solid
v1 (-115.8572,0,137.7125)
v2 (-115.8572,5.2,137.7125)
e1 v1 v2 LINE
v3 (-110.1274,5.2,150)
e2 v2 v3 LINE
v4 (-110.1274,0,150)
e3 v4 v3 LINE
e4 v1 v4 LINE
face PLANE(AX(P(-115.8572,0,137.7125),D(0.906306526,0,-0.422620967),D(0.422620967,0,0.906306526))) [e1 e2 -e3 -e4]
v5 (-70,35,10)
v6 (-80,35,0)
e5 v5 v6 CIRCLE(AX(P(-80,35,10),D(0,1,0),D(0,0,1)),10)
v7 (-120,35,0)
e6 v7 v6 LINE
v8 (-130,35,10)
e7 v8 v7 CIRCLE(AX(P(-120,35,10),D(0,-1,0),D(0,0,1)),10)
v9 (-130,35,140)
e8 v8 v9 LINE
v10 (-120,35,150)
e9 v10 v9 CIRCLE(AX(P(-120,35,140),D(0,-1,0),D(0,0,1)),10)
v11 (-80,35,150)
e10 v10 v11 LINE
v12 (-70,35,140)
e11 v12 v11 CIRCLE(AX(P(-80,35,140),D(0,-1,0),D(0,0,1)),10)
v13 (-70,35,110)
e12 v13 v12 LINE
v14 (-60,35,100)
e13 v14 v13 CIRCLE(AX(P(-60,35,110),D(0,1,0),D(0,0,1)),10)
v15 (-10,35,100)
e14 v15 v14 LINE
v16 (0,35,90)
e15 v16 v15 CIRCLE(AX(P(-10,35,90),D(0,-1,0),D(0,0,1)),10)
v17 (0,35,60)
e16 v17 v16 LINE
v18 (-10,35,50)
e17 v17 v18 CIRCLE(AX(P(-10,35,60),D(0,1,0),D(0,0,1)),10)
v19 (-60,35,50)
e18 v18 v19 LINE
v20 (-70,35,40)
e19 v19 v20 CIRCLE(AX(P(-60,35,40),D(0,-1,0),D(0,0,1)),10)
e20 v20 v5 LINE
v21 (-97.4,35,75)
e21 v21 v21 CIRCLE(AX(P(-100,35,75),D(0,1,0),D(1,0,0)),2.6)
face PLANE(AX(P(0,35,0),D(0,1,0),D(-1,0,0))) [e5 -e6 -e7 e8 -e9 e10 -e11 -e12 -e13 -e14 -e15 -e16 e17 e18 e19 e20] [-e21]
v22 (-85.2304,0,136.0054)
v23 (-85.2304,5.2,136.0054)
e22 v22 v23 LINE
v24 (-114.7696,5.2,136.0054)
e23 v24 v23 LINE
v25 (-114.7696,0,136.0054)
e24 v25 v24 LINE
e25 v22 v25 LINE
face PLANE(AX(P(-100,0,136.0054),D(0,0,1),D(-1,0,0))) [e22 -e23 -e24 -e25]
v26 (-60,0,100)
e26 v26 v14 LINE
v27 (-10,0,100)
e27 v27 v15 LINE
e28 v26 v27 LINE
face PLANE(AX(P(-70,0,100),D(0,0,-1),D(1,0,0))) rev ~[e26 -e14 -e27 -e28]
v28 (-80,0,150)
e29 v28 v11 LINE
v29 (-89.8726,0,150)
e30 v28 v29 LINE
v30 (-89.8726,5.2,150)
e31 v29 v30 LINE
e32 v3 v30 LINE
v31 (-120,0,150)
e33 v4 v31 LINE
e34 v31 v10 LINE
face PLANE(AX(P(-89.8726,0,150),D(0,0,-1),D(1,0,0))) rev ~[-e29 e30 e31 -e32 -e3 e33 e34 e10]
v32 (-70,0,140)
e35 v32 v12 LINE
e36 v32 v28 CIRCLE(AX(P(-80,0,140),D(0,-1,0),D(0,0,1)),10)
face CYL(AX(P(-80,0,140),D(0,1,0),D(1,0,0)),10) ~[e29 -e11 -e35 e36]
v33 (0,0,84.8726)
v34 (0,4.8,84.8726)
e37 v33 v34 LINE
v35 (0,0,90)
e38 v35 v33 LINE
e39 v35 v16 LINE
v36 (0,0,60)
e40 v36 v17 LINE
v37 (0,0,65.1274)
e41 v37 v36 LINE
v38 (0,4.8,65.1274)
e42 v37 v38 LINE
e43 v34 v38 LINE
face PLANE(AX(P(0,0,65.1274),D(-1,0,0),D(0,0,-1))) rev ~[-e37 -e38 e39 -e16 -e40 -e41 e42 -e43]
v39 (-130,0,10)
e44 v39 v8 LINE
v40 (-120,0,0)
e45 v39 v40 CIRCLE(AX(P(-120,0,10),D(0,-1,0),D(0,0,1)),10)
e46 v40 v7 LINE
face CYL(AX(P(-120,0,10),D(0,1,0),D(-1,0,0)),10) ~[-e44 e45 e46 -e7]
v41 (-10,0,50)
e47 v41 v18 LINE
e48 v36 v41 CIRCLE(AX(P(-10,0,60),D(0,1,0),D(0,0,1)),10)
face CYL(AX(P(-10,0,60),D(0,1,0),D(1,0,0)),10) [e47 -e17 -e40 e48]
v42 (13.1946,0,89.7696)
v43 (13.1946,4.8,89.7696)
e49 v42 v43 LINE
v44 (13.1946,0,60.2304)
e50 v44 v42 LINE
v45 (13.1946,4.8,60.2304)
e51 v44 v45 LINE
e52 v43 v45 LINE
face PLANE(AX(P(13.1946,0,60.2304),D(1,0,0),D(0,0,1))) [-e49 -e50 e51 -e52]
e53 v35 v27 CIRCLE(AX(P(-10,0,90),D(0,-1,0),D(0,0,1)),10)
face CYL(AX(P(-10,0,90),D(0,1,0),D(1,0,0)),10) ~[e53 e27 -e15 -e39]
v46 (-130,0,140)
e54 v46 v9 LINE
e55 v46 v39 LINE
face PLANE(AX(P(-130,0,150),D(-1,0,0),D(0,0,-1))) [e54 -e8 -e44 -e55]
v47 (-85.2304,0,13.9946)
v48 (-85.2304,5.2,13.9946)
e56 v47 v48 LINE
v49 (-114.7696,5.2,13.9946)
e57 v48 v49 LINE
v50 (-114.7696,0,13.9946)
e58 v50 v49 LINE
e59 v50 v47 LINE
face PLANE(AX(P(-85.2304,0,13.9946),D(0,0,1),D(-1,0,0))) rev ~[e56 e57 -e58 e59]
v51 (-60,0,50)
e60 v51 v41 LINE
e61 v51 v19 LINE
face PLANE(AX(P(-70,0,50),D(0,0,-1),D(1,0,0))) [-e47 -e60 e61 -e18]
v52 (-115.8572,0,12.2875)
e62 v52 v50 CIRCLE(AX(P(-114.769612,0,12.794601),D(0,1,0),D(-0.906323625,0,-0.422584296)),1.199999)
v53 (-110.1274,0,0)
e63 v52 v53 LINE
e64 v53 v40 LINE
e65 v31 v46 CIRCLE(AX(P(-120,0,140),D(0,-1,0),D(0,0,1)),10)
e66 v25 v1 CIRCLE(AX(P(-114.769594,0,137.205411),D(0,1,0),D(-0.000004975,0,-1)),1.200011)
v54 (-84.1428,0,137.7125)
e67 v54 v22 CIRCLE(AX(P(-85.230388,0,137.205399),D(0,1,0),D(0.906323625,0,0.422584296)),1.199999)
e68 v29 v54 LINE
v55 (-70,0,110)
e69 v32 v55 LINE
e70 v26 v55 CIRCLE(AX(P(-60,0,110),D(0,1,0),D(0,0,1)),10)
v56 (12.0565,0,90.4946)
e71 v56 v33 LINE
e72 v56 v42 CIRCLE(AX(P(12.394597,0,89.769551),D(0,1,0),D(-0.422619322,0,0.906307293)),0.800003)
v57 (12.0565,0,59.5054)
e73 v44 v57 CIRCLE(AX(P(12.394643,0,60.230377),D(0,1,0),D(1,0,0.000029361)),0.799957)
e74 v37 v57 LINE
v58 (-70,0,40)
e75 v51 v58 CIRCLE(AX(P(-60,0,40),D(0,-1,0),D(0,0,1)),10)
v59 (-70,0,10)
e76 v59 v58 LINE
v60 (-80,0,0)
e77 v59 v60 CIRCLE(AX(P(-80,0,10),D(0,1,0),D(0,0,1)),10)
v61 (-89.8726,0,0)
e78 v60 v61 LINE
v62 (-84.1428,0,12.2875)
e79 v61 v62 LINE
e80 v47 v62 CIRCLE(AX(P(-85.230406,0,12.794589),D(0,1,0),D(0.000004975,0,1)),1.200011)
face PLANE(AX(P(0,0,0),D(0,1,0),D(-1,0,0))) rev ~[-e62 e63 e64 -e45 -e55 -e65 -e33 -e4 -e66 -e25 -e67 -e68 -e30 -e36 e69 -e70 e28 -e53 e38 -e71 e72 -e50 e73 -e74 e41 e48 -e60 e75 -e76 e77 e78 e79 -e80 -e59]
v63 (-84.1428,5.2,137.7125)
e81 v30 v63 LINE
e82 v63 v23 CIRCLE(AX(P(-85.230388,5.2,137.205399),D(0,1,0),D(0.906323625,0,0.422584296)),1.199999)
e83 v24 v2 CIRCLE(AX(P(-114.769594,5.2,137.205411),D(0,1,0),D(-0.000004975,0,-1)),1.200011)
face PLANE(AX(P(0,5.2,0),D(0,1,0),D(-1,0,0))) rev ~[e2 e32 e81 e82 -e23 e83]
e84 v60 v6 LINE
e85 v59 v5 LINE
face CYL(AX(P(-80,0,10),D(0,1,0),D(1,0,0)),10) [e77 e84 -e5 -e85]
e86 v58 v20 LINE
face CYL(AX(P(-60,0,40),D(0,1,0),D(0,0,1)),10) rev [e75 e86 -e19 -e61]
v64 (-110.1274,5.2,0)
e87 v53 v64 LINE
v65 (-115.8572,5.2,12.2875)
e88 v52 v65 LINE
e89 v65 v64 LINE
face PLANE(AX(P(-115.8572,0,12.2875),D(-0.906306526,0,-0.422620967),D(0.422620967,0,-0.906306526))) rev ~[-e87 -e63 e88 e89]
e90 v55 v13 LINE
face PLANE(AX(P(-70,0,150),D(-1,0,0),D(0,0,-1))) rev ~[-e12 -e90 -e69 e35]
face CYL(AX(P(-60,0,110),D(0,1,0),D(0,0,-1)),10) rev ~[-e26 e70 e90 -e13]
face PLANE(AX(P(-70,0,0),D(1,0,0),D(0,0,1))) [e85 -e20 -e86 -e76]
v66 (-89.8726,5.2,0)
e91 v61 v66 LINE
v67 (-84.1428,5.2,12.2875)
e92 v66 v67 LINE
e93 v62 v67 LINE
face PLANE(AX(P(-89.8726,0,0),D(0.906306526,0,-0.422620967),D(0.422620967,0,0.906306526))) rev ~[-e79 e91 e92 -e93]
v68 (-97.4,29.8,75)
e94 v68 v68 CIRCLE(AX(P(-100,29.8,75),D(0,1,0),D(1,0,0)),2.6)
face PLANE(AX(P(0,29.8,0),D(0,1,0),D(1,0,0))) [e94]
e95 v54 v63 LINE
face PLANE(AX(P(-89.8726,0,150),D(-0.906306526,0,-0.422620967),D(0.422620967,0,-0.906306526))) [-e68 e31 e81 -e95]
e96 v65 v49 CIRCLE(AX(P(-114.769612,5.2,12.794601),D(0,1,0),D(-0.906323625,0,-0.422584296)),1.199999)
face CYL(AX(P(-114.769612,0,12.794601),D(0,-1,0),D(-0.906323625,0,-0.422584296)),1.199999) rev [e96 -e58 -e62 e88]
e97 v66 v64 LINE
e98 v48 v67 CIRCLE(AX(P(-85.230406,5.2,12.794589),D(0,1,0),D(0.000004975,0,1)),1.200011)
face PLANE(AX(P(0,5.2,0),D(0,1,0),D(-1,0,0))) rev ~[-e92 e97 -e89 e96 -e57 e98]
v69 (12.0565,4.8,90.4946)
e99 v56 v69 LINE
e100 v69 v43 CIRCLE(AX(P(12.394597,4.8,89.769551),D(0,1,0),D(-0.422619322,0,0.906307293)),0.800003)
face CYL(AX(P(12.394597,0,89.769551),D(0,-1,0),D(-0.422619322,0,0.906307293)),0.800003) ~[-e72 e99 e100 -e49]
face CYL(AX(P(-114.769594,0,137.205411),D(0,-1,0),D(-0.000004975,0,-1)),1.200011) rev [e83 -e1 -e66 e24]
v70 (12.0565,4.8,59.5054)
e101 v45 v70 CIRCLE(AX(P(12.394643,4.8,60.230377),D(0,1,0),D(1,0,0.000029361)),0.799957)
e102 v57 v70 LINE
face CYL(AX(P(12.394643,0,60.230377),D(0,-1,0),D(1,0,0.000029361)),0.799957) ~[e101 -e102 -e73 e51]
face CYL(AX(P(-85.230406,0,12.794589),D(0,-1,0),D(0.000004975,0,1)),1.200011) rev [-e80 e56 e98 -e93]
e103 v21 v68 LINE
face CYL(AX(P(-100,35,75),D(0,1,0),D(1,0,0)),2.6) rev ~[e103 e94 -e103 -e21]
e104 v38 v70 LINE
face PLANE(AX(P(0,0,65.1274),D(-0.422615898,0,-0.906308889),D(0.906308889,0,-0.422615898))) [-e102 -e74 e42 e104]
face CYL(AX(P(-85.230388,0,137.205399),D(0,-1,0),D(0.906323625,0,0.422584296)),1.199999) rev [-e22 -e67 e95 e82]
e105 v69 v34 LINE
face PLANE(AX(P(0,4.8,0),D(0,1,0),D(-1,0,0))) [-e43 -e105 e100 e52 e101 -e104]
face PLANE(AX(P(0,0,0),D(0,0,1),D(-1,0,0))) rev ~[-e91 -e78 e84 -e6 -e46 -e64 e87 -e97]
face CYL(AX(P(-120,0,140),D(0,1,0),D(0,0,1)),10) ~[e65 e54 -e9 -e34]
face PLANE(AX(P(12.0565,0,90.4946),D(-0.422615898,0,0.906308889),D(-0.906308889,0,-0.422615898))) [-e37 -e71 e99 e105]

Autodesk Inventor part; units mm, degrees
ref_plane "YZ Plane" through (0, 0, 0) normal (1, 0, 0) x (0, 1, 0)
ref_plane "XZ Plane" through (0, 0, 0) normal (0, 1, 0) x (-1, 0, 0)
ref_plane "XY Plane" through (0, 0, 0) normal (0, 0, 1) x (1, 0, 0)
sketch "Sketch1" plane through (0, 0, 0) normal (0, 1, 0) x (-1, 0, 0)
  line L0 (0, 0) -> (200, 0)
  line L1 (200, 0) -> (200, 150)
  line L2 (200, 150) -> (0, 150)
  line L3 (0, 150) -> (0, 0)
  line L4 (110.1274, 0) -> (89.8726, 0)
  line L5 (85.2304, 13.9946) -> (100, 13.9946)
  line L6 (89.8726, 0) -> (84.1428, 12.2875)
  arc A0 (85.2304, 13.9946) -> (84.1428, 12.2875) centre (85.2304, 12.7946) ccw
  line L7 (100, 13.9946) -> (114.7696, 13.9946)
  line L8 (110, 0.2) -> (110, 13.6303) construction
  arc A1 (115.8572, 12.2875) -> (114.7696, 13.9946) centre (114.7696, 12.7946) ccw
  line L9 (115.8572, 12.2875) -> (110.1274, 0)
  arc A2 (114.7696, 136.0054) -> (115.8572, 137.7125) centre (114.7696, 137.2054) ccw
  line L10 (100, 136.0054) -> (114.7696, 136.0054)
  line L11 (115.8572, 137.7125) -> (110.1274, 150)
  line L12 (110, 149.8) -> (110, 136.3697) construction
  line L13 (85.2304, 136.0054) -> (100, 136.0054)
  arc A3 (84.1428, 137.7125) -> (85.2304, 136.0054) centre (85.2304, 137.2054) ccw
  line L14 (110.1274, 150) -> (89.8726, 150)
  line L15 (89.8726, 150) -> (84.1428, 137.7125)
  line L16 (0.2, 85) -> (-13.2303, 85) construction
  line L17 (-13.1946, 75) -> (-13.1946, 89.7696)
  arc A4 (-12.0565, 90.4946) -> (-13.1946, 89.7696) centre (-12.3946, 89.7696) ccw
  line L18 (-12.0565, 90.4946) -> (0, 84.8726)
  line L19 (0, 84.8726) -> (0, 65.1274)
  line L20 (0, 65.1274) -> (-12.0565, 59.5054)
  arc A5 (-13.1946, 60.2304) -> (-12.0565, 59.5054) centre (-12.3946, 60.2304) ccw
  line L21 (-13.1946, 60.2304) -> (-13.1946, 75)
  point P0 (100, 0)
  point P1 (100, 150)
  point P2 (0, 75)
  point P3 (100, 0)
  point P4 (100, 0)
  point P5 (116.3393, 13.7946)
  point P6 (100, 0)
  point P7 (100, 150)
  point P8 (116.3393, 136.2054)
  point P9 (100, 150)
  point P10 (100, 150)
  point P11 (100, 150)
  point P12 (0, 75)
  point P13 (0, 75)
  point P14 (0, 75)
  point P15 (0, 75)
  dimension "d0" = 200
  dimension "d1" = 150
  dimension "d2" = 15
extrude "Extrusion1" add sketch "Sketch1" along normal blind 35 contours L3 L2 L15 A3 L13 L10 A2 L11 L1 L0 L9 A1 L7 L5 A0 L6 | L6 A0 L5 L7 A1 L9 L0 | L2 L11 A2 L10 L13 A3 L15
extrude "Extrusion2" cut sketch "Sketch1" along normal blind 5.2 contours L6 A0 L5 L7 A1 L9 L0 | L2 L11 A2 L10 L13 A3 L15
extrude "Extrusion3" add sketch "Sketch1" along normal blind 4.8 contours L20 A5 L21 L17 A4 L18 L3
sketch "Sketch2" plane through (0, 35, 0) normal (0, 1, 0) x (1, 0, 0)
  line L0 (0, -84.8726) -> (0, -65.1274) projected
  line L1 (-200, 0) -> (-200, -150) projected
  circle A0 centre (-100, -75) radius 2.6
  point P0 (0, 0)
  dimension "d9" = 5.2
extrude "Extrusion4" cut sketch "Sketch2" against normal blind 5.2
sketch "Sketch3" plane through (0, 0, 0) normal (0, -1, 0) x (1, 0, 0)
  line L0 (-200, 0) -> (-200, 150) projected
  line L1 (0, 0) -> (-200, 0) projected
  line L2 (-200, 150) -> (-130, 150)
  line L3 (-130, 150) -> (-130, 0)
  line L4 (-130, 0) -> (-200, 0)
  line L5 (-200, 0) -> (-200, 150)
  line L6 (0, 150) -> (0, 84.8726) projected
  line L7 (0, 150) -> (-70, 150)
  line L8 (-70, 150) -> (-70, 100)
  line L9 (-70, 100) -> (0, 100)
  line L10 (0, 100) -> (0, 150)
  line L11 (0, 0) -> (-70, 0)
  line L12 (-70, 0) -> (-70, 50)
  line L13 (-70, 50) -> (0, 50)
  line L14 (0, 50) -> (0, 0)
  dimension "d12" = 70
  dimension "d13" = 70
  dimension "d14" = 50
  dimension "d15" = 70
  dimension "d16" = 50
extrude "Extrusion5" cut sketch "Sketch3" against normal blind 40
fillet "Fillet1" radius 10 8 edges at (0, 17.5, 100) (-70, 17.5, 100) (-70, 17.5, 150) (-130, 17.5, 150) (-130, 17.5, 0) (-70, 17.5, 0) (0, 17.5, 50) (-70, 17.5, 50)
properties part number "Area mh"
